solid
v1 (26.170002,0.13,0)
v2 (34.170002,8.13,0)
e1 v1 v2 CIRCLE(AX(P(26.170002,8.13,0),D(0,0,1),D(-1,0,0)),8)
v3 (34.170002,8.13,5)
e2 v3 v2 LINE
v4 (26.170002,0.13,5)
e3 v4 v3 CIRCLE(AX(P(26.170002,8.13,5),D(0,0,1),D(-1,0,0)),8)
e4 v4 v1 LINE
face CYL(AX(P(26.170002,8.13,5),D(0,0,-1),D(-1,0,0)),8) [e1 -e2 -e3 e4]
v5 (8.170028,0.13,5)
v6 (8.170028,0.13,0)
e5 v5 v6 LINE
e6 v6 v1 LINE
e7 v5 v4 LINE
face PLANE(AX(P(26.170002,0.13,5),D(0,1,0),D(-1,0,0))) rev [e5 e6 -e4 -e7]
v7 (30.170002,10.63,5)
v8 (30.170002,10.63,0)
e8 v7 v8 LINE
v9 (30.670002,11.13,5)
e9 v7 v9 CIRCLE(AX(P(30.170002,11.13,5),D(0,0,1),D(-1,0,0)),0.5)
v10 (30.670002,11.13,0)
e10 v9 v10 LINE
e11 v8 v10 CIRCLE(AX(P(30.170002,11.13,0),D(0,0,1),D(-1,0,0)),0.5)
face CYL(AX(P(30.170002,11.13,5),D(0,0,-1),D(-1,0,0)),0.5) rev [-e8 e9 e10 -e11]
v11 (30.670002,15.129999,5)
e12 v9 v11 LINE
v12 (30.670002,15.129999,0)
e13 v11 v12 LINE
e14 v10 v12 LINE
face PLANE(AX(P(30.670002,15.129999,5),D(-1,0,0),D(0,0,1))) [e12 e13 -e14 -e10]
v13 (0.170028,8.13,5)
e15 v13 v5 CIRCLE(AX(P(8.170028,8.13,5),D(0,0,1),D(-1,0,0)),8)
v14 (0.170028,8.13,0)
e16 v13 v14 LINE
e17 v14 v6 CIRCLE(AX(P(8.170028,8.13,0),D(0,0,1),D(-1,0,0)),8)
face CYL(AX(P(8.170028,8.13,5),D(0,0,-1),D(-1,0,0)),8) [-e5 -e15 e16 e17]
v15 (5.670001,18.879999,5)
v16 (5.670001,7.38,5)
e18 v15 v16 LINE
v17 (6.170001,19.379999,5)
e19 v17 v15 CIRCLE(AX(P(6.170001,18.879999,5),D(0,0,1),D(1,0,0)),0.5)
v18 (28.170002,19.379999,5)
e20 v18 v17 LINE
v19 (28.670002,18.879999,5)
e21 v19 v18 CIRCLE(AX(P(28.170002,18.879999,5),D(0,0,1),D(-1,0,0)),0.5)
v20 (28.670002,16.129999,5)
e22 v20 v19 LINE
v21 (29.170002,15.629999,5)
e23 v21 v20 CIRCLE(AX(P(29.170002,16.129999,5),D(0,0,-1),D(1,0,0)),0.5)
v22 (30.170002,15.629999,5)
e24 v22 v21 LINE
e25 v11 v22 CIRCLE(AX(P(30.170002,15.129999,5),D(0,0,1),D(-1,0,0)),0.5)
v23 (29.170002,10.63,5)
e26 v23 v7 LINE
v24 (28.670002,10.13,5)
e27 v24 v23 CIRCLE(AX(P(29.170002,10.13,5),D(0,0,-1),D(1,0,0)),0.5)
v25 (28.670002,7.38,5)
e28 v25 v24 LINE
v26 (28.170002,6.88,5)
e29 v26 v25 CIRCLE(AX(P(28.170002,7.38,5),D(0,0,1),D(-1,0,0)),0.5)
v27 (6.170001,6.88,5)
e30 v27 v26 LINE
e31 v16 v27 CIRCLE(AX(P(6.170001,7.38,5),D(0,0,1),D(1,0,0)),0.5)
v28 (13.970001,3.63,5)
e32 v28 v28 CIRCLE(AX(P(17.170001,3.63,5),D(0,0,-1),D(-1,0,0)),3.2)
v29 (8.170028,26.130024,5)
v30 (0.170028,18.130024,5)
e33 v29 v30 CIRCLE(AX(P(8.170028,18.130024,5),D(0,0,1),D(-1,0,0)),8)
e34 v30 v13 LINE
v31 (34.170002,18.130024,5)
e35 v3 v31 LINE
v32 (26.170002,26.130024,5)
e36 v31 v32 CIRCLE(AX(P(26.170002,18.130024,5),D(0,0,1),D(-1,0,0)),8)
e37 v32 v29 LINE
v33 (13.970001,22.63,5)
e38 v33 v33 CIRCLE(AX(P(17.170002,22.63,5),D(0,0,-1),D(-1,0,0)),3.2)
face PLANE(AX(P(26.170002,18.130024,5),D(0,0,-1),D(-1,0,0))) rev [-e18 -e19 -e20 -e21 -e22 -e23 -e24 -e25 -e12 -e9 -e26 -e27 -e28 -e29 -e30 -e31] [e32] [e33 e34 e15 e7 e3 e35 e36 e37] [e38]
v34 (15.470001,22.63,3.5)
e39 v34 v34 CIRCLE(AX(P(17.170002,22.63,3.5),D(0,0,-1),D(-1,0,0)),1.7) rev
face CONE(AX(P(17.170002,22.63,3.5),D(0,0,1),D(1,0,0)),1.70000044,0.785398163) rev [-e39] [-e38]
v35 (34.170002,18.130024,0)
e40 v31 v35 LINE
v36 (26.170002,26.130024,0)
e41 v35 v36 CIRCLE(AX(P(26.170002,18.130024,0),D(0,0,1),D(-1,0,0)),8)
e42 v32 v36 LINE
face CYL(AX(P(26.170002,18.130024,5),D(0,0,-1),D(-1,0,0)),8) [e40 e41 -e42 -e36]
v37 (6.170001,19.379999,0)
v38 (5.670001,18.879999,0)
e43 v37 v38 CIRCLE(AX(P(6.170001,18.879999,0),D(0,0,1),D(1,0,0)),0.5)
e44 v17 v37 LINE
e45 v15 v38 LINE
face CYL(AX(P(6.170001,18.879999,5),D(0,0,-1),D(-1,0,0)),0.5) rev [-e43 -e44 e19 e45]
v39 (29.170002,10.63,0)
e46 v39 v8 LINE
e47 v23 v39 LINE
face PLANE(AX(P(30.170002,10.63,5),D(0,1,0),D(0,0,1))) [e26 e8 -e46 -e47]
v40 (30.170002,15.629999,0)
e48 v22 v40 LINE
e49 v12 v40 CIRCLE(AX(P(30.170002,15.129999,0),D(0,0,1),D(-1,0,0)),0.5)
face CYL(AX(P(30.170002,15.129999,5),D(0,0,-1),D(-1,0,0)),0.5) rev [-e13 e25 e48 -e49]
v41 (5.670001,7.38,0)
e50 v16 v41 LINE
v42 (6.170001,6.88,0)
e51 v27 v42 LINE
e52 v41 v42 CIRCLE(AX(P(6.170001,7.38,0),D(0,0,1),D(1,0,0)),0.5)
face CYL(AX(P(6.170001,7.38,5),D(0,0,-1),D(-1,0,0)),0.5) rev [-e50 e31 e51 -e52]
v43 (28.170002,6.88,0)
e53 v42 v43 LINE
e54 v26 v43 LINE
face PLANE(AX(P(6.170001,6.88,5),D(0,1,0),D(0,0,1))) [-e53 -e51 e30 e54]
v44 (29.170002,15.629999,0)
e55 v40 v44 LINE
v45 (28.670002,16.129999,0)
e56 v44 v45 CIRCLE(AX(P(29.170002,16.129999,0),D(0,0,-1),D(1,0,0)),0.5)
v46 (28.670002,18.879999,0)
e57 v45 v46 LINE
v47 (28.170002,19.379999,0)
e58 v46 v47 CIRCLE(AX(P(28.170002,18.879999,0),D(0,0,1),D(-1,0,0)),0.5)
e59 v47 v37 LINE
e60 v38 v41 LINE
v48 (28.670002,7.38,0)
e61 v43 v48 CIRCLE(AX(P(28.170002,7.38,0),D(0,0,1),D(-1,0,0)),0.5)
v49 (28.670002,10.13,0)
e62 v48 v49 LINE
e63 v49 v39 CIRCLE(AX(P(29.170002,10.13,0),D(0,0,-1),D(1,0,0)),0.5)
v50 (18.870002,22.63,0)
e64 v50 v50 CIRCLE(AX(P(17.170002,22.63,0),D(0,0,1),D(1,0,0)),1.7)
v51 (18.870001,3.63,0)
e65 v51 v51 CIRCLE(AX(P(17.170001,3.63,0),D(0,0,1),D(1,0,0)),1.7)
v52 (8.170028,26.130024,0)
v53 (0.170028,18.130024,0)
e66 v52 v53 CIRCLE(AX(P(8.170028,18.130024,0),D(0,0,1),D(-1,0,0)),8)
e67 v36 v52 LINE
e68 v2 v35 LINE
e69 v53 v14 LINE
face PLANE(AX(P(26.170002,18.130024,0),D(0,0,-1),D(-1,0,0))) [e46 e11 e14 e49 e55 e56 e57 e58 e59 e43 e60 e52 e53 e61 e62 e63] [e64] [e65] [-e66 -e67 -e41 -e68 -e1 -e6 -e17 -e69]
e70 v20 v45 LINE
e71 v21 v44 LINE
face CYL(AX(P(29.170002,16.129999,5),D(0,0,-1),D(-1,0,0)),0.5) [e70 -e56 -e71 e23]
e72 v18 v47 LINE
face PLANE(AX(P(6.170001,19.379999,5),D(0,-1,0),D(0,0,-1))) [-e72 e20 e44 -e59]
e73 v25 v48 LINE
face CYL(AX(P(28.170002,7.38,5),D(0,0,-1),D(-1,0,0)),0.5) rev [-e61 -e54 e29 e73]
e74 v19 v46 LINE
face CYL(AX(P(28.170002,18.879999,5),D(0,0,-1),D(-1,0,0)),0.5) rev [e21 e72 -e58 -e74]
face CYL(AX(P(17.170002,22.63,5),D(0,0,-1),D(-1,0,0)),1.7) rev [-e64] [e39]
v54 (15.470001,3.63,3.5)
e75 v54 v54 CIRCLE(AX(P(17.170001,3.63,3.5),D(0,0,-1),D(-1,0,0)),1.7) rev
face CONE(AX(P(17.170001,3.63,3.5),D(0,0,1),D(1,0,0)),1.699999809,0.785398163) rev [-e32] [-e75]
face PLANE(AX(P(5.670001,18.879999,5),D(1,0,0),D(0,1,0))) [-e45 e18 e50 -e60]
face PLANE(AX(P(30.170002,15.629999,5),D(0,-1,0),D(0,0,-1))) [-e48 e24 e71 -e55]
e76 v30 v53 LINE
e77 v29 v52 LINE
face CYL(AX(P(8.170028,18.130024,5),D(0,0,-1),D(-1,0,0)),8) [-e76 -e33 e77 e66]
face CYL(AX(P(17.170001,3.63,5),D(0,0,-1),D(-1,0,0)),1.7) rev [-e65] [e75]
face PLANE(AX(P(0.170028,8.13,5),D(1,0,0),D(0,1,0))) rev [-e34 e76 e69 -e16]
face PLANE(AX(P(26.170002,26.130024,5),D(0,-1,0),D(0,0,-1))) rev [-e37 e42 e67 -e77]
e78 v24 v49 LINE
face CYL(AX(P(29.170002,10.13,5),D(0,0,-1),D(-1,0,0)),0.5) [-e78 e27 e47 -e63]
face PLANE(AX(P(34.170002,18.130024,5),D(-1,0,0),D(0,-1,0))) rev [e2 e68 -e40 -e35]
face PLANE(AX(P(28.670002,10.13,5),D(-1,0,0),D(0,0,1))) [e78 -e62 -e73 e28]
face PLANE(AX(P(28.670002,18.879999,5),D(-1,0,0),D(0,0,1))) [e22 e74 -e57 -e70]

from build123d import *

# Parameters (mm, degrees)
SKETCH1_R           = 1.699999809
SKETCH1_R_2         = 1.70000044
BOSS_EXTRUDE1_DEPTH = 5
CHAMFER1_SIZE       = 1.5


with BuildPart() as part:
    # Sketch1 → Boss-Extrude1 (new body)
    with BuildSketch(Plane.XY):
        with BuildLine():
            Line((34.170001984, 18.130024456), (34.170001984, 8.129999593))
            ThreePointArc((34.170001984, 8.129999593), (31.826856233, 2.473145343), (26.170001984, 0.129999593))
            Line((26.170001984, 0.129999593), (8.170027525, 0.129999593))
            ThreePointArc((8.170027525, 0.129999593), (2.513173276, 2.473145343), (0.170027525, 8.129999593))
            Line((0.170027525, 8.129999593), (0.170027525, 18.130024456))
            ThreePointArc((0.170027525, 18.130024456), (2.513173276, 23.786878706), (8.170027525, 26.130024456))
            Line((8.170027525, 26.130024456), (26.170001984, 26.130024456))
            ThreePointArc((26.170001984, 26.130024456), (31.826856233, 23.786878706), (34.170001984, 18.130024456))
        make_face()
        with Locations((17.17000103, 3.630000114)):
            Circle(SKETCH1_R, mode=Mode.SUBTRACT)
        with Locations((17.170001507, 22.630000114)):
            Circle(SKETCH1_R_2, mode=Mode.SUBTRACT)
        with BuildLine():
            Line((30.170001984, 15.629999161), (29.170001984, 15.629999161))
            ThreePointArc((29.170001984, 15.629999161), (28.816448593, 15.77644577), (28.670001984, 16.129999161))
            Line((28.670001984, 16.129999161), (28.670001984, 18.879999161))
            ThreePointArc((28.670001984, 18.879999161), (28.523555374, 19.233552551), (28.170001984, 19.379999161))
            Line((28.170001984, 19.379999161), (6.17000103, 19.379999161))
            ThreePointArc((6.17000103, 19.379999161), (5.816447639, 19.233552551), (5.67000103, 18.879999161))
            Line((5.67000103, 18.879999161), (5.67000103, 7.379999638))
            ThreePointArc((5.67000103, 7.379999638), (5.816447639, 7.026446247), (6.17000103, 6.879999638))
            Line((6.17000103, 6.879999638), (28.170001984, 6.879999638))
            ThreePointArc((28.170001984, 6.879999638), (28.523555374, 7.026446247), (28.670001984, 7.379999638))
            Line((28.670001984, 7.379999638), (28.670001984, 10.130000114))
            ThreePointArc((28.670001984, 10.130000114), (28.816448593, 10.483553505), (29.170001984, 10.630000114))
            Line((29.170001984, 10.630000114), (30.170001984, 10.630000114))
            ThreePointArc((30.170001984, 10.630000114), (30.523555374, 10.776446724), (30.670001984, 11.130000114))
            Line((30.670001984, 11.130000114), (30.670001984, 15.129999161))
            ThreePointArc((30.670001984, 15.129999161), (30.523555374, 15.483552551), (30.170001984, 15.629999161))
        make_face(mode=Mode.SUBTRACT)
    extrude(amount=BOSS_EXTRUDE1_DEPTH)

    # Chamfer1
    chamfer1_edges = [part.edges().sort_by_distance(p)[0] for p in [
        (15.470001221, 3.630000114, 5),
        (15.470001067, 22.630000114, 5),
    ]]
    chamfer(chamfer1_edges, length=CHAMFER1_SIZE)


solid = part.part
